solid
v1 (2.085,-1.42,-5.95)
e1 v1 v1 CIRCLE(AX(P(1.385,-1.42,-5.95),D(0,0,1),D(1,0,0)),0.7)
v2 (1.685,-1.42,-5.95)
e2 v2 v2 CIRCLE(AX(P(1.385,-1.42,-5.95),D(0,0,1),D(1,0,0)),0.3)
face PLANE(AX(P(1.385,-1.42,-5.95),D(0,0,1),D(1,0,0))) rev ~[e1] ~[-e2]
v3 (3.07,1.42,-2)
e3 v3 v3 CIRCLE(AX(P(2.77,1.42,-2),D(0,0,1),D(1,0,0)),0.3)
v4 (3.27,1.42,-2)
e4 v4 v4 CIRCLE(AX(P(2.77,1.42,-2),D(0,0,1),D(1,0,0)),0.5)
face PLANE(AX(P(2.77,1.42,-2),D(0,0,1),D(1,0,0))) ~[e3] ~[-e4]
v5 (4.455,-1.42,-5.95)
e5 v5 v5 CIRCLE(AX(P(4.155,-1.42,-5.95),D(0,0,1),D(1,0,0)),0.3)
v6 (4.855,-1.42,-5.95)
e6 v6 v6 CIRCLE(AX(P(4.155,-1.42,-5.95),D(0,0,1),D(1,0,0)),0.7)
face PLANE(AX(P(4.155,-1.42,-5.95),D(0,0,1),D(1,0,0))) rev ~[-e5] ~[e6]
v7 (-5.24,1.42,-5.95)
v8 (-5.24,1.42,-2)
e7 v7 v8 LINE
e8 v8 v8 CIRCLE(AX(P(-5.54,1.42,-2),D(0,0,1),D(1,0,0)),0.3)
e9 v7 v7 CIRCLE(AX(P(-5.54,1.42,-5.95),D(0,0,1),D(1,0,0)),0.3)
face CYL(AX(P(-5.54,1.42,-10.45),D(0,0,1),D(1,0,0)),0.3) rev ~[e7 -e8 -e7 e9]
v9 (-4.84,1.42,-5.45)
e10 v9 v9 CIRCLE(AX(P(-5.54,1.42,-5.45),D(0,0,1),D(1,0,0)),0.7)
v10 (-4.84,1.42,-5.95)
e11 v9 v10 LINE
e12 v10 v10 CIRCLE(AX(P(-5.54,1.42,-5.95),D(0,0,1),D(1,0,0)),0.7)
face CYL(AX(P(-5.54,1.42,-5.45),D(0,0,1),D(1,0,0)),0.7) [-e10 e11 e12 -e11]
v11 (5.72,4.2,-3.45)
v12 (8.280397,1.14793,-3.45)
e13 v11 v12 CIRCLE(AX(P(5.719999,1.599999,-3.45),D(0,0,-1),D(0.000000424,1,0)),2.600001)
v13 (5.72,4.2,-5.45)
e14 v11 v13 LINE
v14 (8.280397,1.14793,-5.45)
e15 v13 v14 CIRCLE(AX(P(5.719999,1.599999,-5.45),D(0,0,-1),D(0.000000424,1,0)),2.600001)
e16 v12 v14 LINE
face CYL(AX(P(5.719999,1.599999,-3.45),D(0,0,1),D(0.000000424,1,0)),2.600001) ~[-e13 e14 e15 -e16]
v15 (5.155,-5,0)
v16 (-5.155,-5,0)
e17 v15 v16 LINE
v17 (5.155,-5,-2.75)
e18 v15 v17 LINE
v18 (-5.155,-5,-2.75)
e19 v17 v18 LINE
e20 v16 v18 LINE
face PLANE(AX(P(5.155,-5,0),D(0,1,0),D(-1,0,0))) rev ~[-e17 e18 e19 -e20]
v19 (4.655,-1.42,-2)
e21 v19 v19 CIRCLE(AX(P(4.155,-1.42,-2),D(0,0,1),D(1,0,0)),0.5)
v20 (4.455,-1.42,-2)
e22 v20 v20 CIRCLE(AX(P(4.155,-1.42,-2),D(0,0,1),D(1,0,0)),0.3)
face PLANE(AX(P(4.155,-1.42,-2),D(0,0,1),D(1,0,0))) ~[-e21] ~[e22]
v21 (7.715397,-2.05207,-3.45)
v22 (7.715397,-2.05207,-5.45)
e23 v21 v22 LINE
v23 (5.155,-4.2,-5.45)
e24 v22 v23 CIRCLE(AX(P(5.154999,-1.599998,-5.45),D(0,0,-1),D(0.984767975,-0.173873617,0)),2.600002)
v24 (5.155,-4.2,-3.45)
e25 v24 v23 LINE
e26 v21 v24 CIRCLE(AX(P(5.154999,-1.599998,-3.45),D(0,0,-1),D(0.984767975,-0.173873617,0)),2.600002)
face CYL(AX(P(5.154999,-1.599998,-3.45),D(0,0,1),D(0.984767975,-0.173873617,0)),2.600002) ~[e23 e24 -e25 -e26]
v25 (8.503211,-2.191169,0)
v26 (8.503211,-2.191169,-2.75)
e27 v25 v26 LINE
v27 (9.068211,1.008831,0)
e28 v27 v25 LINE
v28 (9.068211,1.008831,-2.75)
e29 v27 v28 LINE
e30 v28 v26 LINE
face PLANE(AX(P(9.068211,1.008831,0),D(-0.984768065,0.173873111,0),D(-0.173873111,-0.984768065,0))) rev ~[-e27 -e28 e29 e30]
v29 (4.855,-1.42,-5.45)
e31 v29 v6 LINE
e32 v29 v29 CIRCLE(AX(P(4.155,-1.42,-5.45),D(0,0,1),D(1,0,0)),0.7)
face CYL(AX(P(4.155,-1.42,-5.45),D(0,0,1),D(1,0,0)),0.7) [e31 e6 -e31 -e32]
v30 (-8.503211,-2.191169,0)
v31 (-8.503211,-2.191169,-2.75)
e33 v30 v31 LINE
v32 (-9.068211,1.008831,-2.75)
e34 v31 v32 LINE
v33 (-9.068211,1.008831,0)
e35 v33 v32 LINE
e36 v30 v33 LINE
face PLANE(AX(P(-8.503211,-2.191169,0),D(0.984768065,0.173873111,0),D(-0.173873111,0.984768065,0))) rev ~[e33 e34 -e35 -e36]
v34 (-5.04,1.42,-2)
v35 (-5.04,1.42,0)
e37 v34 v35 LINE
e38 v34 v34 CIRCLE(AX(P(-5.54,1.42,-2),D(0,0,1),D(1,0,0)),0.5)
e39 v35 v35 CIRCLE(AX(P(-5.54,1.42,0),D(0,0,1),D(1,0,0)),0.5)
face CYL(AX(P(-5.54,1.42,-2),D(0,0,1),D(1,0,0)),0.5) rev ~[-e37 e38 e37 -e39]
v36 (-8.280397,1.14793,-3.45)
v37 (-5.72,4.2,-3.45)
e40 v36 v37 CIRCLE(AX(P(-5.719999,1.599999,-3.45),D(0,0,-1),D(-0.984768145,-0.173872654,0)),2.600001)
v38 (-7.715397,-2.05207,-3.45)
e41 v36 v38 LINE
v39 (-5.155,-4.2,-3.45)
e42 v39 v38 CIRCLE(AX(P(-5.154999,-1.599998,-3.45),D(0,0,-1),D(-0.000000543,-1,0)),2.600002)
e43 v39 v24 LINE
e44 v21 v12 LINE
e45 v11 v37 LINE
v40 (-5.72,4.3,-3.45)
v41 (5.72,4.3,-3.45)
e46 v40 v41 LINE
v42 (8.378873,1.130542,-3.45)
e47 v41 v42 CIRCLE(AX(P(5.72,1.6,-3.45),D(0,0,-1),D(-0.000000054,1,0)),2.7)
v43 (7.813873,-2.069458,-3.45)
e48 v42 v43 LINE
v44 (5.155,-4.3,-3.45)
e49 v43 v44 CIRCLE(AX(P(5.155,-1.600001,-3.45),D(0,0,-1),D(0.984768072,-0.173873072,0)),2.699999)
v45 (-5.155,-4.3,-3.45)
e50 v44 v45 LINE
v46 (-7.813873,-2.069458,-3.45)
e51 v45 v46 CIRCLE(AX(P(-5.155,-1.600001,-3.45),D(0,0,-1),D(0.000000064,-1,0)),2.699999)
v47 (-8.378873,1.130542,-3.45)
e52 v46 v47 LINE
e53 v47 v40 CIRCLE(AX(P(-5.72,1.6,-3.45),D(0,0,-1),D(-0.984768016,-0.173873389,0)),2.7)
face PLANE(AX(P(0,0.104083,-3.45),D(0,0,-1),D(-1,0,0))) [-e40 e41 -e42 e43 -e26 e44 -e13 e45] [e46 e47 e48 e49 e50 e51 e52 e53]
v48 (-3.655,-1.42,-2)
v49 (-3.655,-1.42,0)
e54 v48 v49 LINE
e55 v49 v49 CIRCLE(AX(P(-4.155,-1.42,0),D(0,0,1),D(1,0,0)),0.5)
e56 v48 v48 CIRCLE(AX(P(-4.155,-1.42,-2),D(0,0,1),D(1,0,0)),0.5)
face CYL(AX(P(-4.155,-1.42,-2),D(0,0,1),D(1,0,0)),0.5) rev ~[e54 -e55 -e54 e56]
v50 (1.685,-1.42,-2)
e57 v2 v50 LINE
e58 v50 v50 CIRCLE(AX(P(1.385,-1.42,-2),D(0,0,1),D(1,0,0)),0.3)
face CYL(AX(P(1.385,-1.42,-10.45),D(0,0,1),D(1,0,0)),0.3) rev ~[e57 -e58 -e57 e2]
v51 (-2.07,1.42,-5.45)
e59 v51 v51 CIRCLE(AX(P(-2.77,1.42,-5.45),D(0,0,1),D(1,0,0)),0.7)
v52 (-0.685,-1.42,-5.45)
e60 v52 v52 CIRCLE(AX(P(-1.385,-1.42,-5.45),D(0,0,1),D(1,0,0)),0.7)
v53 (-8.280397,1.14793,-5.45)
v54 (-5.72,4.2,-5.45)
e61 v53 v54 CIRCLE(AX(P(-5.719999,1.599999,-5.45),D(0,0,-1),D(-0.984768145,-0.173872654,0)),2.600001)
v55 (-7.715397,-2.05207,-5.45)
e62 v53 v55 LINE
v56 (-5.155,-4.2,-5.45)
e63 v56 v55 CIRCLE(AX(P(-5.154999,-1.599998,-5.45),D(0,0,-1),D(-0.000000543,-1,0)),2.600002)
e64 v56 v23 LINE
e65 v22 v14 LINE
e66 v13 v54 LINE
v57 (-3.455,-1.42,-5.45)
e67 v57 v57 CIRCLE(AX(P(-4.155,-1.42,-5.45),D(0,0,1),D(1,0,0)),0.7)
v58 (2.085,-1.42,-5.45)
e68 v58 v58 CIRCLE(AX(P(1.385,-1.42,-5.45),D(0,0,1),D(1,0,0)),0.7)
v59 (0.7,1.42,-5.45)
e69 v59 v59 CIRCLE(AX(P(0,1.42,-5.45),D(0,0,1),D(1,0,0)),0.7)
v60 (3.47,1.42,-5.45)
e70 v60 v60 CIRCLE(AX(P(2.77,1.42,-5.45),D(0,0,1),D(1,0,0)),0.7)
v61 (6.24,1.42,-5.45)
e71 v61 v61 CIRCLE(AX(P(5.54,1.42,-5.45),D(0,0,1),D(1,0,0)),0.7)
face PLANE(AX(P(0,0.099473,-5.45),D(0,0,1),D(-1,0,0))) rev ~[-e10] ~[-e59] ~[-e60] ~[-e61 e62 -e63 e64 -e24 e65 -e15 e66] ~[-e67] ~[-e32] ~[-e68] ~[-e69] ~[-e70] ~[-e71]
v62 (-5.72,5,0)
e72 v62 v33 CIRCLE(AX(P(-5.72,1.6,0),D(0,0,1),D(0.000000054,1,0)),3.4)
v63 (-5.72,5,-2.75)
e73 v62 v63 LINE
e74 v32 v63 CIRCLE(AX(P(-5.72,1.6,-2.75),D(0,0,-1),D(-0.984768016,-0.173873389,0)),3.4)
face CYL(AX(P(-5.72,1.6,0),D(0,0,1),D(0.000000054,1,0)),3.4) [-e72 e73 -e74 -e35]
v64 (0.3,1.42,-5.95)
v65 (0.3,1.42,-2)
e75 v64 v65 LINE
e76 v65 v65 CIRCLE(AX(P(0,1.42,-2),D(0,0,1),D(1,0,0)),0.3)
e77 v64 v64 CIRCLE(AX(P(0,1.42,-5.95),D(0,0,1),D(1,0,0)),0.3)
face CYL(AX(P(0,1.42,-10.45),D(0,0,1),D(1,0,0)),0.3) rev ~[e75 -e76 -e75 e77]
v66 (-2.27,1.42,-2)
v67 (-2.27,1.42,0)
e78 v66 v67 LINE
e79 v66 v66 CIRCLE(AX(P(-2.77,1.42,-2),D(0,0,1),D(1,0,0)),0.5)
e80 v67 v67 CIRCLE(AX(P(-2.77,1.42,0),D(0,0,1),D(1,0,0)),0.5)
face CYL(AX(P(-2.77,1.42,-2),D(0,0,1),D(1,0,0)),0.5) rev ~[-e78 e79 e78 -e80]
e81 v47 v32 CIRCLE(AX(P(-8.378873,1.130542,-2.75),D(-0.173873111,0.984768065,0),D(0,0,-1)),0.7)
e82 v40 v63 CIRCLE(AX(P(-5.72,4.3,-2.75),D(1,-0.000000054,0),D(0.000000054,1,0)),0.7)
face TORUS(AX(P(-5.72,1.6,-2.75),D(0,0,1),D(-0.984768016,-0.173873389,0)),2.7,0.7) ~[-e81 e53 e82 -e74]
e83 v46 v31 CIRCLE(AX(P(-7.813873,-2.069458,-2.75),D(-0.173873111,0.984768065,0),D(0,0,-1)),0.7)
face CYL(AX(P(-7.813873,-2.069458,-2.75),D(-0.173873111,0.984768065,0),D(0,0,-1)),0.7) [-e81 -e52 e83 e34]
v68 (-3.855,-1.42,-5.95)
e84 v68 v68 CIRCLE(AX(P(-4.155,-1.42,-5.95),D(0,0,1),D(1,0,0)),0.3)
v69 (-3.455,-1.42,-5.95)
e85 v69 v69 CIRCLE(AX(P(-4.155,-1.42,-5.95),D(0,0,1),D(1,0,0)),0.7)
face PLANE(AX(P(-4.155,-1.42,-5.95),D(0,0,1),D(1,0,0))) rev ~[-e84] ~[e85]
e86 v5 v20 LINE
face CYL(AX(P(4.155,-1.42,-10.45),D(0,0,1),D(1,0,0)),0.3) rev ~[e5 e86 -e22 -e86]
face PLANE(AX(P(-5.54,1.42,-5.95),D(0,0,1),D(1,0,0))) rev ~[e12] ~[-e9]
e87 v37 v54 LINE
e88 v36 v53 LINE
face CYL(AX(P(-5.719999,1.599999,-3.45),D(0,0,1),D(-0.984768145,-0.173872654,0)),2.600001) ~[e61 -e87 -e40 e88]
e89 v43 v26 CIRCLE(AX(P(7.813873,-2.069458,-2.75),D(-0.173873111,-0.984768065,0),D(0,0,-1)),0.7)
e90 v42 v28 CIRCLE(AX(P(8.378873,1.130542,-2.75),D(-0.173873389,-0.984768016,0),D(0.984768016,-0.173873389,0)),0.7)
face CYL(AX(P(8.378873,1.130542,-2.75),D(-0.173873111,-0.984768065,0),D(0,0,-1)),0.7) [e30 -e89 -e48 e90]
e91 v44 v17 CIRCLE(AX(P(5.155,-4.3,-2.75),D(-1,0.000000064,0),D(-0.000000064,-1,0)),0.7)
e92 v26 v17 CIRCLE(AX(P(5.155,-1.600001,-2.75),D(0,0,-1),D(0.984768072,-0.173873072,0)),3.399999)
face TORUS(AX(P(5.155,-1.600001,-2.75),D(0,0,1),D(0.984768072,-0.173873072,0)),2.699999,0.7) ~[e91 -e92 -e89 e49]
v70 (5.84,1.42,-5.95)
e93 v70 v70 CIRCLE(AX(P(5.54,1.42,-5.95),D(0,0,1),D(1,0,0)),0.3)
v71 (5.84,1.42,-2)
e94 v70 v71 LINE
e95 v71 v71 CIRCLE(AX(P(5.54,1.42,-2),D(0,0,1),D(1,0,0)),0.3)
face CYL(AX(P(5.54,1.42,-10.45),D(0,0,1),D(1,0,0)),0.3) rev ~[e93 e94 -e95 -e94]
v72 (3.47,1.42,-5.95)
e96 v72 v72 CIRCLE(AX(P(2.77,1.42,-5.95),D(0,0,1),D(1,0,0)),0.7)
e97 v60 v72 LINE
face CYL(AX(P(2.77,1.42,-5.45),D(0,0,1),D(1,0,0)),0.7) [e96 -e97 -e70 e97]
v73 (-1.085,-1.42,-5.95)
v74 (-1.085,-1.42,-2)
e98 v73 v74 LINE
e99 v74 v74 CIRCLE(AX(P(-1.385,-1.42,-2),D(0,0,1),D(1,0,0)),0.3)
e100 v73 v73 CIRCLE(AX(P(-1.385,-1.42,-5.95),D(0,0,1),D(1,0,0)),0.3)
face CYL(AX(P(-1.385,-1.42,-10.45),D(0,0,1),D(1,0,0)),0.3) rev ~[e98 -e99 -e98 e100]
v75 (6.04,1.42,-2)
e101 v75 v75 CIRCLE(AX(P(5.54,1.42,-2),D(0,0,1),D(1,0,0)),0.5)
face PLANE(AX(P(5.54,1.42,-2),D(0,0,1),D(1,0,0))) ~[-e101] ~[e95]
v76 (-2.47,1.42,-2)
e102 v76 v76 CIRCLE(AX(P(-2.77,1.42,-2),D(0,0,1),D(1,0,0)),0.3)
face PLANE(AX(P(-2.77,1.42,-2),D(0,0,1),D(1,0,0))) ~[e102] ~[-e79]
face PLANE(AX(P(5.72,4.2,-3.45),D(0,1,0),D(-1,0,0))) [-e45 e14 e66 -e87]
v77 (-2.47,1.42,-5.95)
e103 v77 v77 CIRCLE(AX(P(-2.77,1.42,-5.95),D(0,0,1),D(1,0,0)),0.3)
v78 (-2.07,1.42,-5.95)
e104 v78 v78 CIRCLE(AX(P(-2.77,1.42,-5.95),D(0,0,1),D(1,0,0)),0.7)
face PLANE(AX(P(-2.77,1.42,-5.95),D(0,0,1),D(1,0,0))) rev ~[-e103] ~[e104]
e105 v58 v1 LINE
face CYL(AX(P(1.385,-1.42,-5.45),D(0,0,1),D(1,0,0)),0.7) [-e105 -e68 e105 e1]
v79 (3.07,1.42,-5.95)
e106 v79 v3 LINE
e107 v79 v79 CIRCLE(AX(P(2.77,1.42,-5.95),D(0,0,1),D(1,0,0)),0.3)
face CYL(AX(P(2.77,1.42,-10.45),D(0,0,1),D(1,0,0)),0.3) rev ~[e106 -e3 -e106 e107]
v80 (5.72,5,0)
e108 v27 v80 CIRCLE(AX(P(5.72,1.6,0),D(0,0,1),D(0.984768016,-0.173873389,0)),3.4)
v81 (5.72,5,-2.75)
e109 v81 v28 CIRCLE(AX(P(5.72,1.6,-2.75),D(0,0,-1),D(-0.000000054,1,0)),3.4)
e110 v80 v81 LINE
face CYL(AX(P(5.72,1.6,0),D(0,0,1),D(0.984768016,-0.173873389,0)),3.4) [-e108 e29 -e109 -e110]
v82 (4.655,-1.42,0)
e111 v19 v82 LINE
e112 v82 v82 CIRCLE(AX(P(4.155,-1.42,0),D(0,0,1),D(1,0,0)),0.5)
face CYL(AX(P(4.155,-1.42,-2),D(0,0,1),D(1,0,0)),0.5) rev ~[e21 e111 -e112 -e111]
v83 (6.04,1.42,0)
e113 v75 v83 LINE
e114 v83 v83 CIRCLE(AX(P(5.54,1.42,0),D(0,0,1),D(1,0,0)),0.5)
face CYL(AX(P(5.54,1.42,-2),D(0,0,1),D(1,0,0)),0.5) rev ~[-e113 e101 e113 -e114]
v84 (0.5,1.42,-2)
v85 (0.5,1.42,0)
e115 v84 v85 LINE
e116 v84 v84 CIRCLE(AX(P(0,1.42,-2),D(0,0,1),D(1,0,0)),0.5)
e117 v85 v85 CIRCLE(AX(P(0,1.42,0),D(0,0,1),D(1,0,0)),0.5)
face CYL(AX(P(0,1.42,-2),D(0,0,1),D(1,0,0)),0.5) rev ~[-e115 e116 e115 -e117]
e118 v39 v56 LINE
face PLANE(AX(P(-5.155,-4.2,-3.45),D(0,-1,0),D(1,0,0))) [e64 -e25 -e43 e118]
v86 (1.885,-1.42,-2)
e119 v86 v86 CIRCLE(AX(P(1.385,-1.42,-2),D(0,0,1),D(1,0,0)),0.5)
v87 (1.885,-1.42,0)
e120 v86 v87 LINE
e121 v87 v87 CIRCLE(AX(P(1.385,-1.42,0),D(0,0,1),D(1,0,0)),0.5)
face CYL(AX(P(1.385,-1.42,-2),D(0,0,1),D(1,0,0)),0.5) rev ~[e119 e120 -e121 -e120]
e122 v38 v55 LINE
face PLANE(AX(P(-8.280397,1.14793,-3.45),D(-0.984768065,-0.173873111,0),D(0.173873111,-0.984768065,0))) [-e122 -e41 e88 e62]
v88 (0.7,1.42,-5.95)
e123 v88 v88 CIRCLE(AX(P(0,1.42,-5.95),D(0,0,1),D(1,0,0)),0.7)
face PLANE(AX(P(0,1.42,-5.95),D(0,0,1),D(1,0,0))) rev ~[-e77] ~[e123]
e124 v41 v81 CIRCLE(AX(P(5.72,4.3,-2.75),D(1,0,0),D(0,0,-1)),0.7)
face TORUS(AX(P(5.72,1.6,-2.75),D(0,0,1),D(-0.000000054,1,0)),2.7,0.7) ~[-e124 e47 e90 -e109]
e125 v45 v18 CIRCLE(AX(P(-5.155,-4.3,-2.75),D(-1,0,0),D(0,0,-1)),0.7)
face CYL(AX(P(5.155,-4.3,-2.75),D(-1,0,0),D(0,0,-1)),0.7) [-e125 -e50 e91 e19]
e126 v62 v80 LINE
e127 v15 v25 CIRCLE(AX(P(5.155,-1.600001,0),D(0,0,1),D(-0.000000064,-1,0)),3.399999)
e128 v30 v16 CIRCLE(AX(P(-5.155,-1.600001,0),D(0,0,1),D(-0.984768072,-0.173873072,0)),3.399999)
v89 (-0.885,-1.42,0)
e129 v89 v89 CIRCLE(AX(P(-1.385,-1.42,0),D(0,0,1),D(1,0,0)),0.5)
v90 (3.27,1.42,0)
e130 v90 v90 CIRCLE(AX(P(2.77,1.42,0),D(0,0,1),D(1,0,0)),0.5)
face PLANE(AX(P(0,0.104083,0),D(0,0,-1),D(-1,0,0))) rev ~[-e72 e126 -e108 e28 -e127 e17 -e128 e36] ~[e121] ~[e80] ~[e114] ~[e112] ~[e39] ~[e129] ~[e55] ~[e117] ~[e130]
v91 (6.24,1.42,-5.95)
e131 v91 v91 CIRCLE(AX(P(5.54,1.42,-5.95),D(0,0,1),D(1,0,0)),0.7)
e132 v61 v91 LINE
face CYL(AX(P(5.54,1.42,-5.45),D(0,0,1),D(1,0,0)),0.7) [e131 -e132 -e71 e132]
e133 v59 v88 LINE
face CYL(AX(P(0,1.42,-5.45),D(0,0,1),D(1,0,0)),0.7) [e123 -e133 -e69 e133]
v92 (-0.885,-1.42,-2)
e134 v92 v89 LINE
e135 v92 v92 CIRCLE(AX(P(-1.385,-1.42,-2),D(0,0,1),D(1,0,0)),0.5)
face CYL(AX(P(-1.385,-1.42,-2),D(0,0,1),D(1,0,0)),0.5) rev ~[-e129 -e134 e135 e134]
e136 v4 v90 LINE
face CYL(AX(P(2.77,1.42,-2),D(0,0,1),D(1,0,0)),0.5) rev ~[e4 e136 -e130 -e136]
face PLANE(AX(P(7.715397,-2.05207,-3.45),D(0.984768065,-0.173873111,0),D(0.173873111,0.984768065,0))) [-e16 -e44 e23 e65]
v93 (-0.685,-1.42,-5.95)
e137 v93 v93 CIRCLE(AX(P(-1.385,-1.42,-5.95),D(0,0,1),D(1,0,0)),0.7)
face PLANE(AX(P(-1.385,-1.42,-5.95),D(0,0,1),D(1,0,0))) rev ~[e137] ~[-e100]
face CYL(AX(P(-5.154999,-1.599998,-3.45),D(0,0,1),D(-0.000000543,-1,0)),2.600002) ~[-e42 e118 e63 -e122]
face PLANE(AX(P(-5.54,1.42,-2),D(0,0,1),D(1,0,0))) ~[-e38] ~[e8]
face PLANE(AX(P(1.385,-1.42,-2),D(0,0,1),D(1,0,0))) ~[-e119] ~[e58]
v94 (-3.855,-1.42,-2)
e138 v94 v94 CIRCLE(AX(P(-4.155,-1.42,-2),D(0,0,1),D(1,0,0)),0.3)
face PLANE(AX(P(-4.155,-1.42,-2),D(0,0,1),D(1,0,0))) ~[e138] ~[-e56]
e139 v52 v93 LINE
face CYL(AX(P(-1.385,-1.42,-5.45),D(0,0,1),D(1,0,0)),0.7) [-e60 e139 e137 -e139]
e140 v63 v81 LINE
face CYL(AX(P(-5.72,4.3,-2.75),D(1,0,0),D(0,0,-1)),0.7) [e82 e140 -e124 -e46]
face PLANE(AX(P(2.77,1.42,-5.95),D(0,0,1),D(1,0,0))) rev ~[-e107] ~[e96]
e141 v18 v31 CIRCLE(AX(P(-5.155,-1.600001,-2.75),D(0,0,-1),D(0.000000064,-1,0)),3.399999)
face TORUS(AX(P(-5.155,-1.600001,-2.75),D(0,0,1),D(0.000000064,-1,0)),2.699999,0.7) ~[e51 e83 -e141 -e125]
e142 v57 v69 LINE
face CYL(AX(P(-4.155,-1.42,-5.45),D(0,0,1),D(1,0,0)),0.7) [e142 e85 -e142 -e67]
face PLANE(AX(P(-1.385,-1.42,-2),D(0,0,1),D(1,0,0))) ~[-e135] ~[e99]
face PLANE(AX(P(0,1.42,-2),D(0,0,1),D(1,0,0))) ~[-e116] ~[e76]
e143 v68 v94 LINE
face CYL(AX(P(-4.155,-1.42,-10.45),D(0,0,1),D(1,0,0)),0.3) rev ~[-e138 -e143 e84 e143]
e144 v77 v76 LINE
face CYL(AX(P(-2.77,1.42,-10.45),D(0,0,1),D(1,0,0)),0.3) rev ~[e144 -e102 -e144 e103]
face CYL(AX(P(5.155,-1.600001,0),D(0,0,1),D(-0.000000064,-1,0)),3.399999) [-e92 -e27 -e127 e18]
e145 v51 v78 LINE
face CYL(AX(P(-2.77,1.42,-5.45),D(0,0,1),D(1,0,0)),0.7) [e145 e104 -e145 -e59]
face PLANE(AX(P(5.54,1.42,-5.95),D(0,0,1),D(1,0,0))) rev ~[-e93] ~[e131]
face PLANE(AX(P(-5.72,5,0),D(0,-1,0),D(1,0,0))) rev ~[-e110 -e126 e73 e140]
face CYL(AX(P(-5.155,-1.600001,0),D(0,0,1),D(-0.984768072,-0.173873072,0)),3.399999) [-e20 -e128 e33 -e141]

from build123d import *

# Parameters (mm, degrees)
ARRAY005_X_COUNT = 5
ARRAY005_X_PITCH = 2.77
ARRAY004_X_COUNT = 4
ARRAY004_X_PITCH = 2.77
SKETCH016_R      = 0.7
PAD006_DEPTH     = 0.5
ARRAY_X_COUNT    = 5
ARRAY_X_PITCH    = 2.77
SKETCH017_R      = 0.7
PAD007_DEPTH     = 0.5
ARRAY001_X_COUNT = 4
ARRAY001_X_PITCH = 2.77
PAD004_DEPTH     = 3.45
PAD005_DEPTH     = 2
FILLET007_R      = 0.7


with BuildPart() as array005:
    # Sketch020 → Revolution004 (revolve)
    with BuildSketch(Plane.XZ):
        with BuildLine():
            Line((0, 5), (0, -10.75))
            ThreePointArc((0, -10.75), (0.212132, -10.662132), (0.3, -10.45))
            Line((0.3, -10.45), (0.3, -2))
            Line((0.3, -2), (0.5, -2))
            Line((0.5, -2), (0.5, 4.5))
            ThreePointArc((0.5, 4.5), (0.353553, 4.853553), (0, 5))
        make_face()
    revolve(axis=Axis((0, 0, 0), (0, 0, 1)))


with BuildPart() as array005_1:
    # Body011 placement: moved
    add(array005.part.moved(Location((-5.54, 1.42, 0))))

    # Array005 X: Array005 ×5


with BuildPart() as array005_2:
    add(array005_1.part)
    with Locations(*[(i * ARRAY005_X_PITCH, 0, 0) for i in range(1, ARRAY005_X_COUNT)]):
        add(array005_1.part)


with BuildPart() as fusion001:
    # Sketch021 → Revolution005 (revolve)
    with BuildSketch(Plane.XZ):
        with BuildLine():
            Line((0, 5), (0, -10.75))
            ThreePointArc((0, -10.75), (0.212132, -10.662132), (0.3, -10.45))
            Line((0.3, -10.45), (0.3, -2))
            Line((0.3, -2), (0.5, -2))
            Line((0.5, -2), (0.5, 4.5))
            ThreePointArc((0.5, 4.5), (0.353553, 4.853553), (0, 5))
        make_face()
    revolve(axis=Axis((0, 0, 0), (0, 0, 1)))


with BuildPart() as fusion001_1:
    # Body012 placement: moved
    add(fusion001.part.moved(Location((-4.155, -1.42, 0))))

    # Array004 X: Fusion001 ×4


with BuildPart() as fusion001_2:
    add(fusion001_1.part)
    with Locations(*[(i * ARRAY004_X_PITCH, 0, 0) for i in range(1, ARRAY004_X_COUNT)]):
        add(fusion001_1.part)

    # Fusion001: union Array005
    add(array005_2.part)


with BuildPart() as array:
    # Sketch016 → Pad006 (new body)
    with BuildSketch(Plane.XY):
        Circle(SKETCH016_R)
    extrude(amount=-PAD006_DEPTH)


with BuildPart() as array_1:
    # Body007 placement: moved
    add(array.part.moved(Location((-5.54, 1.42, -5.45))))

    # Array X: Array ×5


with BuildPart() as array_2:
    add(array_1.part)
    with Locations(*[(i * ARRAY_X_PITCH, 0, 0) for i in range(1, ARRAY_X_COUNT)]):
        add(array_1.part)


with BuildPart() as array001:
    # Sketch017 → Pad007 (new body)
    with BuildSketch(Plane.XY):
        Circle(SKETCH017_R)
    extrude(amount=-PAD007_DEPTH)


with BuildPart() as array001_1:
    # Body008 placement: moved
    add(array001.part.moved(Location((-4.155, -1.42, -5.45))))

    # Array001 X: Array001 ×4


with BuildPart() as array001_2:
    add(array001_1.part)
    with Locations(*[(i * ARRAY001_X_PITCH, 0, 0) for i in range(1, ARRAY001_X_COUNT)]):
        add(array001_1.part)


with BuildPart() as cut:
    # Sketch014 → Pad004 (new body)
    with BuildSketch(Plane.XY):
        with BuildLine():
            Line((-5.72, 5), (5.72, 5))
            ThreePointArc((9.068211, 1.008831), (8.324801, 3.78518), (5.72, 5))
            Line((9.068211, 1.008831), (8.503211, -2.191169))
            ThreePointArc((5.155, -5), (7.34018, -4.204801), (8.503211, -2.191169))
            Line((5.155, -5), (-5.155, -5))
            ThreePointArc((-8.503211, -2.191169), (-7.34018, -4.204801), (-5.155, -5))
            Line((-8.503211, -2.191169), (-9.068211, 1.008831))
            ThreePointArc((-5.72, 5), (-8.324801, 3.78518), (-9.068211, 1.008831))
        make_face()
    extrude(amount=-PAD004_DEPTH)

    # Sketch015 (on Face10 of Pad004) → Pad005 (join)
    with BuildSketch(Plane(origin=(0, 0, -3.45), x_dir=(1, 0, 0), z_dir=(0, 0, -1))):
        with BuildLine():
            Line((-5.155, 4.2), (5.155, 4.2))
            ThreePointArc((7.715397, 2.05207), (6.82602, 3.591906), (5.155, 4.2))
            Line((7.715397, 2.05207), (8.280397, -1.14793))
            ThreePointArc((5.72, -4.2), (7.711906, -3.27102), (8.280397, -1.14793))
            Line((5.72, -4.2), (-5.72, -4.2))
            ThreePointArc((-8.280397, -1.14793), (-7.711906, -3.27102), (-5.72, -4.2))
            Line((-8.280397, -1.14793), (-7.715397, 2.05207))
            ThreePointArc((-5.155, 4.2), (-6.82602, 3.591906), (-7.715397, 2.05207))
        make_face()
    extrude(amount=PAD005_DEPTH)

    # Fillet007
    fillet007_edges = [cut.edges().sort_by_distance(p)[0] for p in [
        (-8.785711, -0.591169, -3.45),
    ]]
    fillet(fillet007_edges, radius=FILLET007_R)

    # Fusion: union Array, Array001
    add(array_2.part)
    add(array001_2.part)

    # Cut: cut Fusion001
    add(fusion001_2.part, mode=Mode.SUBTRACT)


solid = cut.part
